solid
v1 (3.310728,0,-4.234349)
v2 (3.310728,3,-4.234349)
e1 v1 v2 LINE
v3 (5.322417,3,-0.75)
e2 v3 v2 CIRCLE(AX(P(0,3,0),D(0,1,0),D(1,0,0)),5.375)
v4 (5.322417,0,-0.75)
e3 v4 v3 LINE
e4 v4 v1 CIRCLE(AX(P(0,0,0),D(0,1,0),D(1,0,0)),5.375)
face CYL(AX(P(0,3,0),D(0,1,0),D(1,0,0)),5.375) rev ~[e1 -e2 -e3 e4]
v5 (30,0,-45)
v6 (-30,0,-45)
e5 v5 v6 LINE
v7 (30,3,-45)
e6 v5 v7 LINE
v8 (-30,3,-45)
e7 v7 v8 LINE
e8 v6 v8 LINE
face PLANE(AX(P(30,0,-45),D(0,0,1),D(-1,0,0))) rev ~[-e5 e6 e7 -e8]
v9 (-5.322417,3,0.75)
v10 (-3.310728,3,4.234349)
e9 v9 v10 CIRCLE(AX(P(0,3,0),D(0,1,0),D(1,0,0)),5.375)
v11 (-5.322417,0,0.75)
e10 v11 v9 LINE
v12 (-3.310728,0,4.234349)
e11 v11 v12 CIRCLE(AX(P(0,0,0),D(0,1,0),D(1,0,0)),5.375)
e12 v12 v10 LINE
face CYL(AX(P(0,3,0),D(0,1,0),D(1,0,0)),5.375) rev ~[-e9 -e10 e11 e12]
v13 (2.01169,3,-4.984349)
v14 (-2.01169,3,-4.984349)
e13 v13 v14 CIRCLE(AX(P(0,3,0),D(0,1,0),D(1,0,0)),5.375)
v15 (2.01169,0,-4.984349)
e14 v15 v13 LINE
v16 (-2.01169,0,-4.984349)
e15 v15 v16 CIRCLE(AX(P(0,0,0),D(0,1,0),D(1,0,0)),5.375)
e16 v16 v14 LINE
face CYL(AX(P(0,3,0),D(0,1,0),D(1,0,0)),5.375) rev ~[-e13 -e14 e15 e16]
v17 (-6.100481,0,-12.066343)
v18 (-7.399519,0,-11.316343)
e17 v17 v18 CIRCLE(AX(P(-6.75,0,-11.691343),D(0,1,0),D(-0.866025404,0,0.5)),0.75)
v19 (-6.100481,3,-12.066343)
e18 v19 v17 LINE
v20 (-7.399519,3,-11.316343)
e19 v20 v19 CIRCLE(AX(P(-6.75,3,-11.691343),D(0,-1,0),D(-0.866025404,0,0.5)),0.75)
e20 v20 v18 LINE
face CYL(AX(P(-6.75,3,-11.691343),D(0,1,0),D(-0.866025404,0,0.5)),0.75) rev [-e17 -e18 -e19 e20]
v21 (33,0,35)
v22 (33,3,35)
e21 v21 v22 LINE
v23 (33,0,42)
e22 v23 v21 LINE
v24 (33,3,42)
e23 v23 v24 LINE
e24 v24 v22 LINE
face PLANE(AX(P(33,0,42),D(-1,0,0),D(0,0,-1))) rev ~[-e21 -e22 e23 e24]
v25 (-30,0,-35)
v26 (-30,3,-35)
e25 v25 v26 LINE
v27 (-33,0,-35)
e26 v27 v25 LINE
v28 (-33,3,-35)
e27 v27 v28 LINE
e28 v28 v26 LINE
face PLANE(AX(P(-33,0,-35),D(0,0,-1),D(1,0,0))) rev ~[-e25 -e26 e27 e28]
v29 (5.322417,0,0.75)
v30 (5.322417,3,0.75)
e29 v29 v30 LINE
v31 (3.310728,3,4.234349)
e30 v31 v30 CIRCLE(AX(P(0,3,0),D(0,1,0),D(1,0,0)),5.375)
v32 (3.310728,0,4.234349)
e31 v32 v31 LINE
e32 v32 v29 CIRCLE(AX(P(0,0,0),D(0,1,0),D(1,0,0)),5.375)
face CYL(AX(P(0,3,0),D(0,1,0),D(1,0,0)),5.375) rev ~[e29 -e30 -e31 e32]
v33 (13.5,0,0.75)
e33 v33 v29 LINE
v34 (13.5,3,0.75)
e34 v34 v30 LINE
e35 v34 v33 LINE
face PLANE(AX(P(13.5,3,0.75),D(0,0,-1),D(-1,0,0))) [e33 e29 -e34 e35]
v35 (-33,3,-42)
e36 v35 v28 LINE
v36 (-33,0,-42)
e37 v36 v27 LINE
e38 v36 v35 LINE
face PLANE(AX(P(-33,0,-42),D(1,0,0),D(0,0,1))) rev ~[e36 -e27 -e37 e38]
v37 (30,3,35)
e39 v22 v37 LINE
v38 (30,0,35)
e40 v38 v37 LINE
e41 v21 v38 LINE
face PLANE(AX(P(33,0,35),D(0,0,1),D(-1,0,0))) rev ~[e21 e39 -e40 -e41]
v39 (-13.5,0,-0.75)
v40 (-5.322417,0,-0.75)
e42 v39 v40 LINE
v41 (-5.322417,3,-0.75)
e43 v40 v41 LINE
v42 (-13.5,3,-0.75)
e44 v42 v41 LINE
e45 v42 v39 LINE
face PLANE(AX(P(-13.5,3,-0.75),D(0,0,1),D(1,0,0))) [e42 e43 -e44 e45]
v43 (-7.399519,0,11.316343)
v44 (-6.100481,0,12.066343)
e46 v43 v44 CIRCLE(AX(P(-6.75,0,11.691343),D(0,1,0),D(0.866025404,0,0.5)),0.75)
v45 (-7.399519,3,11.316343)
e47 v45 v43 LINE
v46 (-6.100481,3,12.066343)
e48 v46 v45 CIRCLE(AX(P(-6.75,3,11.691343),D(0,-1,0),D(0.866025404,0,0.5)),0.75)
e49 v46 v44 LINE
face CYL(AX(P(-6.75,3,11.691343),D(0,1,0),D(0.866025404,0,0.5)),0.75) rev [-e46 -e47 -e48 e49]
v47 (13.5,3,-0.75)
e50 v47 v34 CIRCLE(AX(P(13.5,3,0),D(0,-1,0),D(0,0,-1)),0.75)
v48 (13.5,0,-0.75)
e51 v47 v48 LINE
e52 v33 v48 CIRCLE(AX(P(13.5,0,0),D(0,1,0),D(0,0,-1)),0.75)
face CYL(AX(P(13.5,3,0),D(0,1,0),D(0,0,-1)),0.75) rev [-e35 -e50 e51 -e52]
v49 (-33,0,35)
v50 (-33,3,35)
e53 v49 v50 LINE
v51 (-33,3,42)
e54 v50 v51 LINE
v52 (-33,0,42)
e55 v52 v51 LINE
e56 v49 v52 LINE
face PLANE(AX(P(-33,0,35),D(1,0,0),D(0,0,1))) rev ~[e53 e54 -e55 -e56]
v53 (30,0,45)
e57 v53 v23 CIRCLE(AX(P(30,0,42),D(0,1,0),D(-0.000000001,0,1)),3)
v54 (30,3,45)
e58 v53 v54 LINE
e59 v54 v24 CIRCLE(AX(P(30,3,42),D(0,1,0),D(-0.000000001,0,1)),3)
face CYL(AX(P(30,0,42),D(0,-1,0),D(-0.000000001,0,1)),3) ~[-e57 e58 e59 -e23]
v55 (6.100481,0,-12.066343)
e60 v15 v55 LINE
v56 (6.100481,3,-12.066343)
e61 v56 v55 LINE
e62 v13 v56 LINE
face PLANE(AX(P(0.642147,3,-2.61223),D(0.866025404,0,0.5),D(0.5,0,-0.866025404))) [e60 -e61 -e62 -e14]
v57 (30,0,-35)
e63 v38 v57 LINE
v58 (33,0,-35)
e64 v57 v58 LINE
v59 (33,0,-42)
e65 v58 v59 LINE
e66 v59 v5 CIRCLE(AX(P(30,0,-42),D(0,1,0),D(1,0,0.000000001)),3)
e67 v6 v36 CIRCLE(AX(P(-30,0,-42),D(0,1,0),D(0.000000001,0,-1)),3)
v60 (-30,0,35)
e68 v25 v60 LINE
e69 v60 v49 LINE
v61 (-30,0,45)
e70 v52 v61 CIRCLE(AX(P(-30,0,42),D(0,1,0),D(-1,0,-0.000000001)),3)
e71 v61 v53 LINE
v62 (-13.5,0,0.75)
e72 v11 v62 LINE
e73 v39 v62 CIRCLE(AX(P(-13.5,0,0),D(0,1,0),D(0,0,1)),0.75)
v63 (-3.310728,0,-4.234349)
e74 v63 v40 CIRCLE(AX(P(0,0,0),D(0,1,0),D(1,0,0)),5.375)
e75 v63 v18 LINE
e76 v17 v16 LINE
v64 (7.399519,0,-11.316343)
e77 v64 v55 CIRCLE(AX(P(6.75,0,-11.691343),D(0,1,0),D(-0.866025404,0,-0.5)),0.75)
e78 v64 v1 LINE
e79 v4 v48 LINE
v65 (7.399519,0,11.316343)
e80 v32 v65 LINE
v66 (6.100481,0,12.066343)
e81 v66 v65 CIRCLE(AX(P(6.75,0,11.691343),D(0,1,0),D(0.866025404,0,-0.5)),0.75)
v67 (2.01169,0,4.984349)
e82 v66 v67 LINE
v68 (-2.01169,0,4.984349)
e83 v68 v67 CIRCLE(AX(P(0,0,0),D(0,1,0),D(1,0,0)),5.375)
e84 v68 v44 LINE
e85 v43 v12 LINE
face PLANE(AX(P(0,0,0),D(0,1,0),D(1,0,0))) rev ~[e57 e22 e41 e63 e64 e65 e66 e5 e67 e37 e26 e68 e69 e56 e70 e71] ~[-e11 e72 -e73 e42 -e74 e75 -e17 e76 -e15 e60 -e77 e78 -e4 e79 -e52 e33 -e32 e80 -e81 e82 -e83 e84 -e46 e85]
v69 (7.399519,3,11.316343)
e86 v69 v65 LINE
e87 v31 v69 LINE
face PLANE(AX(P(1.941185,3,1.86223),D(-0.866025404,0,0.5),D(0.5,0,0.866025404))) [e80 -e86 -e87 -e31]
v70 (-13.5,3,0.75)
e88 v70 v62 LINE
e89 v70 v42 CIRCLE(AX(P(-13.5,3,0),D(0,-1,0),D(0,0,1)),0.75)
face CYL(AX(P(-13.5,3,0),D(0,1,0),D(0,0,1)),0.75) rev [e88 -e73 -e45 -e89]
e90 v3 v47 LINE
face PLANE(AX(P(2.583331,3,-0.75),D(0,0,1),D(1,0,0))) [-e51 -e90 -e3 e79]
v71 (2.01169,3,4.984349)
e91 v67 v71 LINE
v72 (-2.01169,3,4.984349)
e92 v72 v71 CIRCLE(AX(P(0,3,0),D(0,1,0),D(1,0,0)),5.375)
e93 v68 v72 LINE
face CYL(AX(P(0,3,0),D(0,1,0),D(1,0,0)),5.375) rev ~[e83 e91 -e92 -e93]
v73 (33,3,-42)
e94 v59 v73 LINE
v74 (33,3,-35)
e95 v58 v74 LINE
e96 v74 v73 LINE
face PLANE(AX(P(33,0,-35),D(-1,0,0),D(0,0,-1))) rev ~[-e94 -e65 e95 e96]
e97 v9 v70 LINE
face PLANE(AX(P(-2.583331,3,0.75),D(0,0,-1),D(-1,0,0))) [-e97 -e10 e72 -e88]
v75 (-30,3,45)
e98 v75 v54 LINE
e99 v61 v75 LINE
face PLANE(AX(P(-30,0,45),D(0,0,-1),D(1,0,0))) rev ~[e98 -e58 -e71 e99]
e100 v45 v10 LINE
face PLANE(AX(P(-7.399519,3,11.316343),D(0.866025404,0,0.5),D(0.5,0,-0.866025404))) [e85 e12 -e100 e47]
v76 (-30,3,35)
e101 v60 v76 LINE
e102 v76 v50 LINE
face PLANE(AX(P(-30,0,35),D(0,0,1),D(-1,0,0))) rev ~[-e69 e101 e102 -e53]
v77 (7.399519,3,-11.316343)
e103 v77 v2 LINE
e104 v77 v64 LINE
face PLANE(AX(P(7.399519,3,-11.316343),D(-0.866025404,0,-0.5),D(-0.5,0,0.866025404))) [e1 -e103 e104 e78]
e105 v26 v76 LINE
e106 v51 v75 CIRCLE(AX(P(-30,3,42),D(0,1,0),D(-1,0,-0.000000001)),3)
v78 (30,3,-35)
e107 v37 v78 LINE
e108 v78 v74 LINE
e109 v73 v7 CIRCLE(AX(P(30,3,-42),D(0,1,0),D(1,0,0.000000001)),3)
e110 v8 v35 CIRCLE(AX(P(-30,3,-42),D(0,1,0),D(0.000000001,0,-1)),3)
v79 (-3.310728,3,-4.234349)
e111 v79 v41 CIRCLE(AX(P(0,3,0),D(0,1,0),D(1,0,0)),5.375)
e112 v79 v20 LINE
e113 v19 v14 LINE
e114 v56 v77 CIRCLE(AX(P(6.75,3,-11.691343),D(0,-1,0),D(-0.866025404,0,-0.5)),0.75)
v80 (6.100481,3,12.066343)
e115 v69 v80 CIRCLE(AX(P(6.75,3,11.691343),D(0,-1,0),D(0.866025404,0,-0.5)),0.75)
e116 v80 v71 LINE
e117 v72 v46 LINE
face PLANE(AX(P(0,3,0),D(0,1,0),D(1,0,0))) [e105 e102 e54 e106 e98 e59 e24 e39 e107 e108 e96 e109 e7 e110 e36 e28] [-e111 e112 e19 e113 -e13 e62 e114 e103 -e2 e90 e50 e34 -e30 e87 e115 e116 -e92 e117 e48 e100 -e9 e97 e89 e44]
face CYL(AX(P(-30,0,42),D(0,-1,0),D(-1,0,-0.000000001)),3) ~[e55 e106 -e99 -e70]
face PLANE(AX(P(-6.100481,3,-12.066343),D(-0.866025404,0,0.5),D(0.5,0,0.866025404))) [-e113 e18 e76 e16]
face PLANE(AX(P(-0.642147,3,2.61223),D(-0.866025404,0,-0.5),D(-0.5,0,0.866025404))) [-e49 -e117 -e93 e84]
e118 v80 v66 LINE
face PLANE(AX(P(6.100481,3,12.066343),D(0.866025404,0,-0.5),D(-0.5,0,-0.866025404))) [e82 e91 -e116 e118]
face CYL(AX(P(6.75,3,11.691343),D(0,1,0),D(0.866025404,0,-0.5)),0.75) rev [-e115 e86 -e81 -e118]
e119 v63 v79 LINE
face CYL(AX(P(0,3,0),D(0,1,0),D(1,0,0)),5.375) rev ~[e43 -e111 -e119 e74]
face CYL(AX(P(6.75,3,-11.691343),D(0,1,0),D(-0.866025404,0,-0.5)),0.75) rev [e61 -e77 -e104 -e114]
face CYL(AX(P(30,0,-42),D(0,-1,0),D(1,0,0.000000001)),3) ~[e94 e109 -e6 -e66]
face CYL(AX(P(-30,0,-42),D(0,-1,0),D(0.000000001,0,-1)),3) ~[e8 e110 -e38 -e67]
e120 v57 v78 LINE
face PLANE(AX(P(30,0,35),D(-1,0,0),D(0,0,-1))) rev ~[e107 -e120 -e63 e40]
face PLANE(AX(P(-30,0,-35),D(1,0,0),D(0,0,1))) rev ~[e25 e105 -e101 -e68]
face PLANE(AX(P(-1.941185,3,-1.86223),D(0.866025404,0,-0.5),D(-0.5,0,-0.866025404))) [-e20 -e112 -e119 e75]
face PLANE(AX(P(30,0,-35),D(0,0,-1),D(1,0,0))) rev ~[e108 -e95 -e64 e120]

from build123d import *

# Parameters (mm, degrees)
BOSS_EXTRUDE1_DEPTH = 3
SKETCH2_R           = 2.69
CUT_EXTRUDE1_DEPTH  = 10
SKETCH3_R           = 5.375
CUT_EXTRUDE2_DEPTH  = 10


with BuildPart() as part:
    # Sketch1 → Boss-Extrude1 (new body)
    with BuildSketch(Plane(origin=(0, 0, 0), x_dir=(1, 0, 0), z_dir=(0, 1, 0))):
        with BuildLine():
            ThreePointArc((-33, -42), (-32.121320344, -44.121320344), (-30, -45))
            Line((-30, -45), (30, -45))
            ThreePointArc((30, -45), (32.121320344, -44.121320344), (33, -42))
            Line((33, -42), (33, -35))
            Line((33, -35), (30, -35))
            Line((30, -35), (30, 35))
            Line((30, 35), (33, 35))
            Line((33, 35), (33, 42))
            ThreePointArc((33, 42), (32.121320344, 44.121320344), (30, 45))
            Line((30, 45), (-30, 45))
            ThreePointArc((-30, 45), (-32.121320344, 44.121320344), (-33, 42))
            Line((-33, 42), (-33, 35))
            Line((-33, 35), (-30, 35))
            Line((-30, 35), (-30, -35))
            Line((-30, -35), (-33, -35))
            Line((-33, -35), (-33, -42))
        make_face()
    extrude(amount=BOSS_EXTRUDE1_DEPTH)

    # Sketch2 → Cut-Extrude1 (cut)
    with BuildSketch(Plane(origin=(0, 3, 0), x_dir=(1, 0, 0), z_dir=(0, 1, 0))):
        Circle(SKETCH2_R)
        with BuildLine():
            Line((-13.5, 0.75), (13.5, 0.75))
            ThreePointArc((13.5, 0.75), (14.25, 0), (13.5, -0.75))
            Line((13.5, -0.75), (-13.5, -0.75))
            ThreePointArc((-13.5, -0.75), (-14.25, 0), (-13.5, 0.75))
        make_face()
        with BuildLine():
            Line((-7.399519053, -11.316342951), (6.100480947, 12.066342951))
            ThreePointArc((6.100480947, 12.066342951), (7.125, 12.340862004), (7.399519053, 11.316342951))
            Line((7.399519053, 11.316342951), (-6.100480947, -12.066342951))
            ThreePointArc((-6.100480947, -12.066342951), (-7.125, -12.340862004), (-7.399519053, -11.316342951))
        make_face()
        with BuildLine():
            Line((6.100480947, -12.066342951), (-7.399519053, 11.316342951))
            ThreePointArc((-7.399519053, 11.316342951), (-7.125, 12.340862004), (-6.100480947, 12.066342951))
            Line((-6.100480947, 12.066342951), (7.399519053, -11.316342951))
            ThreePointArc((7.399519053, -11.316342951), (7.125, -12.340862004), (6.100480947, -12.066342951))
        make_face()
    extrude(amount=-CUT_EXTRUDE1_DEPTH, mode=Mode.SUBTRACT)

    # Sketch3 → Cut-Extrude2 (cut)
    with BuildSketch(Plane(origin=(0, 3, 0), x_dir=(1, 0, 0), z_dir=(0, 1, 0))):
        Circle(SKETCH3_R)
    extrude(amount=-CUT_EXTRUDE2_DEPTH, mode=Mode.SUBTRACT)


solid = part.part
